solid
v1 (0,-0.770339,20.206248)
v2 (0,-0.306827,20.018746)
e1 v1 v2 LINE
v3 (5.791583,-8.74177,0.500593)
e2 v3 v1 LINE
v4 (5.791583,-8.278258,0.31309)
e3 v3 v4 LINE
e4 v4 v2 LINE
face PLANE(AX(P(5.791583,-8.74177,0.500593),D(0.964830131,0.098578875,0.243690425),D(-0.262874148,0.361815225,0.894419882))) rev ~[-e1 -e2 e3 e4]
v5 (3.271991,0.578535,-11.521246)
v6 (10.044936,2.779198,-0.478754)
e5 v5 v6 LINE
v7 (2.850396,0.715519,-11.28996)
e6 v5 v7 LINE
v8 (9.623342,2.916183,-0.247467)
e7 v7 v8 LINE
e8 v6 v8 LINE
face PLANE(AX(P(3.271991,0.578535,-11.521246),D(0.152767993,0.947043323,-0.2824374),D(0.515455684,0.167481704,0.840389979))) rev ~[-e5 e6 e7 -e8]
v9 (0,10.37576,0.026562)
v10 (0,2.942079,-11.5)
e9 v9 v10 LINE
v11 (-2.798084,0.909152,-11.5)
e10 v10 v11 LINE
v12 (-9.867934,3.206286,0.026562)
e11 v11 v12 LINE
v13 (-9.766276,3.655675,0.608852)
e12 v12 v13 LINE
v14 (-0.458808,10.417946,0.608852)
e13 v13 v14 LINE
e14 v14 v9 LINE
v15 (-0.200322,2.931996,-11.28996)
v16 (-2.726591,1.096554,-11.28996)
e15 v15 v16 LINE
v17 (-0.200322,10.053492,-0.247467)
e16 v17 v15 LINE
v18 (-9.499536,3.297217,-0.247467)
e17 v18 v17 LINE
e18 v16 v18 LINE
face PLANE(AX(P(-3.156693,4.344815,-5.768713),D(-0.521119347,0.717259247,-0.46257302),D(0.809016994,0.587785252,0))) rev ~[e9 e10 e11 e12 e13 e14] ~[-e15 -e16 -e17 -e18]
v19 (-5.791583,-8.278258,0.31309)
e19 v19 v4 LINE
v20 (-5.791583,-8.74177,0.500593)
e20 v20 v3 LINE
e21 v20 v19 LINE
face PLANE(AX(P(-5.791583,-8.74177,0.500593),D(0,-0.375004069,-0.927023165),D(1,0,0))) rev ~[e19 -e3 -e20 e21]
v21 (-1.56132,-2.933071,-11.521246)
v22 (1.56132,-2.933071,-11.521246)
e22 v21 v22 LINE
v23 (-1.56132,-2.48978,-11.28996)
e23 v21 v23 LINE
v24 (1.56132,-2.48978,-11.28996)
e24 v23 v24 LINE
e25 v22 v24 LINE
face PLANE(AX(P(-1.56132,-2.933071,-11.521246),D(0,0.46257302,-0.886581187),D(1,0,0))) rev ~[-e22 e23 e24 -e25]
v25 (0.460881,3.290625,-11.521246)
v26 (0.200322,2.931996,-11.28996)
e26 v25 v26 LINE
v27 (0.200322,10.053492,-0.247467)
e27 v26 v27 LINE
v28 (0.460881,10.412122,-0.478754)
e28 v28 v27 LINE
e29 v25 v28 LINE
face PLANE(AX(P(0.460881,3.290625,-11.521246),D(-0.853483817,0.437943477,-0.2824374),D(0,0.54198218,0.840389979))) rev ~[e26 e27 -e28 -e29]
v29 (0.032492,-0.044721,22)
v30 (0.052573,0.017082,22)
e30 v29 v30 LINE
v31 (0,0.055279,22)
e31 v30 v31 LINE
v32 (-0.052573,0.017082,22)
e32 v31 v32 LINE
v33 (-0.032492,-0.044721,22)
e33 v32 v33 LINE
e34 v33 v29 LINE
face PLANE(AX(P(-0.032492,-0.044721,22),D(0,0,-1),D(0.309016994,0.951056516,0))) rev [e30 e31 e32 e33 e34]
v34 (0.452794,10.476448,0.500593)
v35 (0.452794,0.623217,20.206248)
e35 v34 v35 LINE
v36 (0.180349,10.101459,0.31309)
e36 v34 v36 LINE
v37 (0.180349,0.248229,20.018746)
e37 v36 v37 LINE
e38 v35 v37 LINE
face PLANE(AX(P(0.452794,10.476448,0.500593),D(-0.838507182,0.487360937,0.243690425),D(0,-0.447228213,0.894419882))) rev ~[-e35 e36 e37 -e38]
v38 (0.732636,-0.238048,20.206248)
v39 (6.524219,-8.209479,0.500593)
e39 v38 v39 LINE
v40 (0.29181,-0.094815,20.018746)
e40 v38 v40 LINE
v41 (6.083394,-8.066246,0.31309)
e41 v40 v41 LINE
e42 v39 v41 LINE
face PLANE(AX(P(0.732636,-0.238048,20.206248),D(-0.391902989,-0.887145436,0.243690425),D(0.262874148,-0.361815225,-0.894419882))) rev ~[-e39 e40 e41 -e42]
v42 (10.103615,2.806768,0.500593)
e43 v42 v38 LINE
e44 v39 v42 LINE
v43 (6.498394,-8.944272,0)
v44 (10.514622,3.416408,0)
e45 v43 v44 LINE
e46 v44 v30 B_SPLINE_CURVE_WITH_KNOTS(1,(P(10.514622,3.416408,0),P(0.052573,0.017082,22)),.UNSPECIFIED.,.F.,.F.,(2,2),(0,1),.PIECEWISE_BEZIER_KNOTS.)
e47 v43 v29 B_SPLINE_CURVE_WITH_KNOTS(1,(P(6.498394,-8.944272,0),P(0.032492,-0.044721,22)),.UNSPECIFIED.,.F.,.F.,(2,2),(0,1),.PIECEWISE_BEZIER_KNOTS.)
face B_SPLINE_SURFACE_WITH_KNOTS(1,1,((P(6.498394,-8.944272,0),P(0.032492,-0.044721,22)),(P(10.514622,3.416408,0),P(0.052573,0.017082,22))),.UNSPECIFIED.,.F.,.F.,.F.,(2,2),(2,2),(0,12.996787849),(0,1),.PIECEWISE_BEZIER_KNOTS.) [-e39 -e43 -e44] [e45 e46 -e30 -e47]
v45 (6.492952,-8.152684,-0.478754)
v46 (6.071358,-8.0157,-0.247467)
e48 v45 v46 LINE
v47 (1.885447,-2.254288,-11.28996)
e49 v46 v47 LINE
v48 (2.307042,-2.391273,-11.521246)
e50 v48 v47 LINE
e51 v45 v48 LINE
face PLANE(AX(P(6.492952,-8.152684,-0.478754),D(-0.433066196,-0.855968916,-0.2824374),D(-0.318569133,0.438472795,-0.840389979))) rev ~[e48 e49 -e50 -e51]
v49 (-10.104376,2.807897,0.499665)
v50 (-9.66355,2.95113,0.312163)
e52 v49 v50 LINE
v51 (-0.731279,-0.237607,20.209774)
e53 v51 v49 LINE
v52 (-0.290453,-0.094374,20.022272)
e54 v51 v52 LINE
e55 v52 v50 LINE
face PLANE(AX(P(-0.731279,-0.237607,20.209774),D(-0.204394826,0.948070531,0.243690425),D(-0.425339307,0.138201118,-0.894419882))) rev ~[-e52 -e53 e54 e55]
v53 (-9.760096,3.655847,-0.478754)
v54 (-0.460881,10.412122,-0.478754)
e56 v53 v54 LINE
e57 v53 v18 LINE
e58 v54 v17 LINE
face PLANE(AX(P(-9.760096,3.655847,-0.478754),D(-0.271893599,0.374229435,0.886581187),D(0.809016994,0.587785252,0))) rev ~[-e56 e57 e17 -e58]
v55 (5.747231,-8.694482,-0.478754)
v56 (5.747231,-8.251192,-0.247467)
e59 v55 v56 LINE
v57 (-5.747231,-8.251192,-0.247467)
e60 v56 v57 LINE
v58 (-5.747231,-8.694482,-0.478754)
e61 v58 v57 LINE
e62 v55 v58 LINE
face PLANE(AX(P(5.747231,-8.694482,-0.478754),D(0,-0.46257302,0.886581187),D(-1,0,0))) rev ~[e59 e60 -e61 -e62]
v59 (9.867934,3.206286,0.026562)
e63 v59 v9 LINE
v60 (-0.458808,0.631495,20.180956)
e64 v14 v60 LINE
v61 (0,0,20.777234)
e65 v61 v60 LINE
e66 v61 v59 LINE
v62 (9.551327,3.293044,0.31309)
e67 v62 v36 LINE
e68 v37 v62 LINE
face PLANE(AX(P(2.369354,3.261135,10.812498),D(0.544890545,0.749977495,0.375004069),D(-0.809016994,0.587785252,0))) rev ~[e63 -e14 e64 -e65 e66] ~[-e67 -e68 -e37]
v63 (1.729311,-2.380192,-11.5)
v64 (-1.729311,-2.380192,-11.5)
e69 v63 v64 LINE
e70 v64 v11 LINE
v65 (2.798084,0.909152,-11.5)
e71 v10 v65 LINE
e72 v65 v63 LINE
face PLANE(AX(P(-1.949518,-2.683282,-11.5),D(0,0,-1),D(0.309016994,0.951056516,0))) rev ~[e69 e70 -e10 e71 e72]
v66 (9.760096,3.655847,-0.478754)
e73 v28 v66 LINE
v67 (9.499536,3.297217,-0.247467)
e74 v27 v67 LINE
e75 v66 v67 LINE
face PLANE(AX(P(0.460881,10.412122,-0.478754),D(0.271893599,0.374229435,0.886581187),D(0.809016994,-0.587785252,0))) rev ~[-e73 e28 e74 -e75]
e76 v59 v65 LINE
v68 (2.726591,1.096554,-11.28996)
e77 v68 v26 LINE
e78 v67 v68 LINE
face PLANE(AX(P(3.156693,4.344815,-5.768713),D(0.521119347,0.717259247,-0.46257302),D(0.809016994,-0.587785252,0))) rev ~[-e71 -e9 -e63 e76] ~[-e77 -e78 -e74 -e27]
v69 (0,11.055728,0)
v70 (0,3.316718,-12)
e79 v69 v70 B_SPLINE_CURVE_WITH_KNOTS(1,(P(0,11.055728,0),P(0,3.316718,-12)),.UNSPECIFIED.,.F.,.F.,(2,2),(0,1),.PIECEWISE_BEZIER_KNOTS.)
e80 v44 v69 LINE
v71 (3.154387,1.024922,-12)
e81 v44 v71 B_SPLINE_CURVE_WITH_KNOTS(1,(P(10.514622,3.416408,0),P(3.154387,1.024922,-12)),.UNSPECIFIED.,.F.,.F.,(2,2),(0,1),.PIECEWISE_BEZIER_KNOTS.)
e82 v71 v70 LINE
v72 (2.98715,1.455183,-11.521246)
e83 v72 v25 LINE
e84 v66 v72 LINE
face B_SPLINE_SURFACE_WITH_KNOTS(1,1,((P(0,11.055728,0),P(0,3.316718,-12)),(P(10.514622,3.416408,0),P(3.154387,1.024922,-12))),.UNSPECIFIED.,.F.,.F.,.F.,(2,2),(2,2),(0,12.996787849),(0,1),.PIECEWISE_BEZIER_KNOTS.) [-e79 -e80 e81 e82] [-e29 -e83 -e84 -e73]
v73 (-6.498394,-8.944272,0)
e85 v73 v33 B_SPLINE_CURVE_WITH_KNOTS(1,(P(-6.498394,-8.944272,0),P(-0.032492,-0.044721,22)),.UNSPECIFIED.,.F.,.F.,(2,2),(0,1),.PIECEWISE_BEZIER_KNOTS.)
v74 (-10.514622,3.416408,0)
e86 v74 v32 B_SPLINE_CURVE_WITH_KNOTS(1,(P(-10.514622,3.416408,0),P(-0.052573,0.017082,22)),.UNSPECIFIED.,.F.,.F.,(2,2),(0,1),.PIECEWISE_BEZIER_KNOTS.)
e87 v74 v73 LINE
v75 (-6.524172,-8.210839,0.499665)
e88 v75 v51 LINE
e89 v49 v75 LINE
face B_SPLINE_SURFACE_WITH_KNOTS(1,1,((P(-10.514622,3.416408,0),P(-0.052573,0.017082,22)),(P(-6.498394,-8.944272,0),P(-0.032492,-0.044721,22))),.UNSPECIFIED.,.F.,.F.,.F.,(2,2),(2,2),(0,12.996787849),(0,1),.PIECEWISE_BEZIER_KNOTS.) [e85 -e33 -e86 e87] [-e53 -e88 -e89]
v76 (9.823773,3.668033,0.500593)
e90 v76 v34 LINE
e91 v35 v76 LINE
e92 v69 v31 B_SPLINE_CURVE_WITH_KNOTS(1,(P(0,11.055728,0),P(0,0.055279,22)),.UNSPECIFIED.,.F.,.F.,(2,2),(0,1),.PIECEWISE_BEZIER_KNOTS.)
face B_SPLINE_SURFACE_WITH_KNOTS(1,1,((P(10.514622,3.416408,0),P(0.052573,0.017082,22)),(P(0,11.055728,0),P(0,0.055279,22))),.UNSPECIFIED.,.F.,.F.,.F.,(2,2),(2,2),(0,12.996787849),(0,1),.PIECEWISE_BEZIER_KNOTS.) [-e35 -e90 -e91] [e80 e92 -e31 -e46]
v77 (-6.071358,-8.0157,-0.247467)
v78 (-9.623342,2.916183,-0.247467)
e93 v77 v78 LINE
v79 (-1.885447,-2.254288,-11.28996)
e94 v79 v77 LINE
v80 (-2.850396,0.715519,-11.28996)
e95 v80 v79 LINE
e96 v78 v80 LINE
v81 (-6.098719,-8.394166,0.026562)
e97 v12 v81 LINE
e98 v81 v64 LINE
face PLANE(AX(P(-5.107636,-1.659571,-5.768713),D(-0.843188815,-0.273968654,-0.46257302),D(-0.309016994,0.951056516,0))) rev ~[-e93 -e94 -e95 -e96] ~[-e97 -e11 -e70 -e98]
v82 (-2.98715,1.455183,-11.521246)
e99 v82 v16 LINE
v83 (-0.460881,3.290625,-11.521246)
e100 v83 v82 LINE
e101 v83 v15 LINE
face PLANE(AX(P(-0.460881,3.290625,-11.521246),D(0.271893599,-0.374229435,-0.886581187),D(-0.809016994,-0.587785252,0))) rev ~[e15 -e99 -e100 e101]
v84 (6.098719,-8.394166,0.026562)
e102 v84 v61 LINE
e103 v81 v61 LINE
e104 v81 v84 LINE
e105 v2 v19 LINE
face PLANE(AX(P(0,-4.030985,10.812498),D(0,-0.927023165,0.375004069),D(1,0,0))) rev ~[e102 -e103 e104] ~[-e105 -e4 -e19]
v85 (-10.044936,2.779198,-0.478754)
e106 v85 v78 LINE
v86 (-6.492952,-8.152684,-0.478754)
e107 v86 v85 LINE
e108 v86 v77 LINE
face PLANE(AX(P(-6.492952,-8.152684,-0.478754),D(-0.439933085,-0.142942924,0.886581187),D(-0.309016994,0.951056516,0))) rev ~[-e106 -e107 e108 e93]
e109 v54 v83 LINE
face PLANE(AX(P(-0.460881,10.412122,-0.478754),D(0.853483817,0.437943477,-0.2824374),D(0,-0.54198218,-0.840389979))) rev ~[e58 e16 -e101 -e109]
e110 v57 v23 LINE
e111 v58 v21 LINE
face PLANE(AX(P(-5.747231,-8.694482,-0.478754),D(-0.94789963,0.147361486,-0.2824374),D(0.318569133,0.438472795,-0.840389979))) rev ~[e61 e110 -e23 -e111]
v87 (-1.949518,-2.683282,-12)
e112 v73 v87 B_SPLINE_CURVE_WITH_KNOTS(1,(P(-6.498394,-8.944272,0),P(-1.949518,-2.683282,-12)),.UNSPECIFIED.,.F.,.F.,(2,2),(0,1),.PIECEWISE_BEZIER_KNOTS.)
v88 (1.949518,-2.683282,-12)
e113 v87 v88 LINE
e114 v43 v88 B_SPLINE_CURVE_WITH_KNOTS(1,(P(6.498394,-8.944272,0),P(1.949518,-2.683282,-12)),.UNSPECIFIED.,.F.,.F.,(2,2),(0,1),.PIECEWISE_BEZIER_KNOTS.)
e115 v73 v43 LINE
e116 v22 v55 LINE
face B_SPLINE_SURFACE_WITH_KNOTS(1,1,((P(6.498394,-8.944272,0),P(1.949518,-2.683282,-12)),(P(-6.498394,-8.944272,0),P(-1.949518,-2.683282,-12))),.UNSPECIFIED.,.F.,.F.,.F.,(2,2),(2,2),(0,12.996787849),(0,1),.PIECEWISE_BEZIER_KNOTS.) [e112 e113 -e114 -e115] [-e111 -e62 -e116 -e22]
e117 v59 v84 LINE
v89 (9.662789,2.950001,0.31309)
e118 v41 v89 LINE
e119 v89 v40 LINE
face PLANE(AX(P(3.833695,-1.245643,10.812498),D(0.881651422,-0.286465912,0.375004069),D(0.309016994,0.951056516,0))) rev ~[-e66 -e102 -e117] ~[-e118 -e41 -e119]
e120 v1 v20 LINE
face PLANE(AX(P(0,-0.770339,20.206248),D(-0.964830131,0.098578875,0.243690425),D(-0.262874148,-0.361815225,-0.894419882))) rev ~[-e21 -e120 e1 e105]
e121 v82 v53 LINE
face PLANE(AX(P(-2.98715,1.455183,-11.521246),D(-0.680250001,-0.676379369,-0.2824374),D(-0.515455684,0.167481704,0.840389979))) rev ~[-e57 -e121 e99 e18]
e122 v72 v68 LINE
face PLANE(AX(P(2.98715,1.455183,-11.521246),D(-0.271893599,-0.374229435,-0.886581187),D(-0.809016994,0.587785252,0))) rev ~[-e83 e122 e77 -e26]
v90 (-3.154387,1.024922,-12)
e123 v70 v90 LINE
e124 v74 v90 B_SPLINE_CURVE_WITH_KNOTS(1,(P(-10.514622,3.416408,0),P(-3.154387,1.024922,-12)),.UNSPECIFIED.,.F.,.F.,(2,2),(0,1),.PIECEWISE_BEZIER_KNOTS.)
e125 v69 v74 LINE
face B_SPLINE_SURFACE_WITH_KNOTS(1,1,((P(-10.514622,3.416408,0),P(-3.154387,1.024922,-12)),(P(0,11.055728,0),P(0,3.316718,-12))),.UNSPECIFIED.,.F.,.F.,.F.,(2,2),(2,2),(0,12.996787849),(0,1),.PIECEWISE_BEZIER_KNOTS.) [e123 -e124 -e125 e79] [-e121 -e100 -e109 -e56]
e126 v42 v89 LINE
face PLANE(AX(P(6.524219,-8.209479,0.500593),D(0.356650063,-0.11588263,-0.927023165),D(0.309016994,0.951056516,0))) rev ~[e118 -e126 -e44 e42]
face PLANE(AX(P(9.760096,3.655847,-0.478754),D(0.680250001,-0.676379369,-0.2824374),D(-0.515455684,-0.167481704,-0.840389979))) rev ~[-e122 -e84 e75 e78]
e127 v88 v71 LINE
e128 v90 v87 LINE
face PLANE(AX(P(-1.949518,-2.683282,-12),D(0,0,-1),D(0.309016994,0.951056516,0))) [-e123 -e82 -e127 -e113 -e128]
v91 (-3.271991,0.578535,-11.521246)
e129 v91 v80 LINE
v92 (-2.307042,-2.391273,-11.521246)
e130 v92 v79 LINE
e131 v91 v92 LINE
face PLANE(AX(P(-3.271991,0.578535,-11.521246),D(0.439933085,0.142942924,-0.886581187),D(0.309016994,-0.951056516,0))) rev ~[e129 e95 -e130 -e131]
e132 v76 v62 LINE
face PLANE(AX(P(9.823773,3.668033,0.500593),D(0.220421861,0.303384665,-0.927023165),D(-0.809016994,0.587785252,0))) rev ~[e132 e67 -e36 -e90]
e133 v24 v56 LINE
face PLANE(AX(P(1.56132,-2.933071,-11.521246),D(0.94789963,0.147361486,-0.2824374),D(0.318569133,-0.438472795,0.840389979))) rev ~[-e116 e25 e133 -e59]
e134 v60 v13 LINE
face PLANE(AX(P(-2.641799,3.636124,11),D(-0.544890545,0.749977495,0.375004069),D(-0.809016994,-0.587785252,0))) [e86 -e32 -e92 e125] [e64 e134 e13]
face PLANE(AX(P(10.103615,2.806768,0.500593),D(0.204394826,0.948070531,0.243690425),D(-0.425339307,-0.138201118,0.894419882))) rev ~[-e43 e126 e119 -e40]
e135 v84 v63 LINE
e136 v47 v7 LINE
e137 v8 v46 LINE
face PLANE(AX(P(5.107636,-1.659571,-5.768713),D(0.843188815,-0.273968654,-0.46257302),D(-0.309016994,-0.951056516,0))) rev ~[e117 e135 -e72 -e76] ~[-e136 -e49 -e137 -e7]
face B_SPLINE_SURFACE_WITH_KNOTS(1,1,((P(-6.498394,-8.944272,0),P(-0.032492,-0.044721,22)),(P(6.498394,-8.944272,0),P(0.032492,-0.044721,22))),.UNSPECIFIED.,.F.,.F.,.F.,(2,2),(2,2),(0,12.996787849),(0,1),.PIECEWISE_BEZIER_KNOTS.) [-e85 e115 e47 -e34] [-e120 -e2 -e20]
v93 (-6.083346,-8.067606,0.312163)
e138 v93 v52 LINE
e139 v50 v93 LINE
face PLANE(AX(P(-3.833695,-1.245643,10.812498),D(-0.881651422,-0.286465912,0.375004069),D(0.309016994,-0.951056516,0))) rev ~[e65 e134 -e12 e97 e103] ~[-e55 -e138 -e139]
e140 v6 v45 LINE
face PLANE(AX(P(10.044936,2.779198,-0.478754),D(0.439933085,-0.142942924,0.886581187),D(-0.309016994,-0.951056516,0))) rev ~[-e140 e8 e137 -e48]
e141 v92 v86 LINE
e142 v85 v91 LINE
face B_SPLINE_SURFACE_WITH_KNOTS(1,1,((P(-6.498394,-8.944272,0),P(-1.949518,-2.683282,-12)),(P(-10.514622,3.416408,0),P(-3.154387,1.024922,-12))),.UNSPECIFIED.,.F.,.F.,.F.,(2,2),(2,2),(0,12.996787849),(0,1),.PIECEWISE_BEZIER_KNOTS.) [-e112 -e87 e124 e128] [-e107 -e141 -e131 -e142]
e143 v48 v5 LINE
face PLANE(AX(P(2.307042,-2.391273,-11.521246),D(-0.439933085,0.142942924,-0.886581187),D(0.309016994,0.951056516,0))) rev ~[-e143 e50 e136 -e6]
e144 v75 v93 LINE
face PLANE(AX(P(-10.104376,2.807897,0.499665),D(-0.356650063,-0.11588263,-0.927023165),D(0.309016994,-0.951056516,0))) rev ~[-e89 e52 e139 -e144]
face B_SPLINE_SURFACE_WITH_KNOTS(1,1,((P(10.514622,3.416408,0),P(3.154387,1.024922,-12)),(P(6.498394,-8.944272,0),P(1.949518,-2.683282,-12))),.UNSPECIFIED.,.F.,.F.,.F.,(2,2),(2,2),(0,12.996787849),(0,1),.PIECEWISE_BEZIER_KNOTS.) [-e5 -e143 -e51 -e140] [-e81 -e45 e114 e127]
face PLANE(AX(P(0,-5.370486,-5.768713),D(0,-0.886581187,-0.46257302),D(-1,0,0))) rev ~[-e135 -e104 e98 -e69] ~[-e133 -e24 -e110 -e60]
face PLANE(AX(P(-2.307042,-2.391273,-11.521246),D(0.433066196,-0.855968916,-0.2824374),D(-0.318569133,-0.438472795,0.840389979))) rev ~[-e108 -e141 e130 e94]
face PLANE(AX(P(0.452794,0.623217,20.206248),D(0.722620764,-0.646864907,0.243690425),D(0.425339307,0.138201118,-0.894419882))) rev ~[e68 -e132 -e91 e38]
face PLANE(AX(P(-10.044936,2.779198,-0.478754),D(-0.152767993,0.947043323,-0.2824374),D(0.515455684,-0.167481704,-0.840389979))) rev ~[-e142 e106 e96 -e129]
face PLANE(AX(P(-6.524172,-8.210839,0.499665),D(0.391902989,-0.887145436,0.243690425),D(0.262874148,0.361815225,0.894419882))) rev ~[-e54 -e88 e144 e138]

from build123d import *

# Parameters (mm, degrees)
F7_T      = -0.5
F12_DEPTH = 1
F13_DEPTH = 1
F14_DEPTH = 1
F15_DEPTH = 1
F21_DEPTH = 1
F22_DEPTH = 1
F23_DEPTH = 1
F24_DEPTH = 1
F25_DEPTH = 1


with BuildPart() as f3:
    # F0 (on Top) → F3 section 0
    with BuildSketch(Plane.XY):
        Polygon((-6.4983939247, -8.94427191), (6.4983939247, -8.94427191), (10.5146222424, 3.416407865), (0, 11.05572809), (-10.5146222424, 3.416407865), align=None)
    # F2 (on offset) → F3 section 1
    with BuildSketch(Plane.XY.offset(22)):
        Polygon((-0.0324919696, -0.0447213595), (0.0324919696, -0.0447213595), (0.0525731112, 0.0170820393), (0, 0.0552786405), (-0.0525731112, 0.0170820393), align=None)
    loft()

    # F3_face (on face) → F6 section 0
    with BuildSketch(Plane(origin=(0, 0, 0), x_dir=(1, 0, 0), z_dir=(0, 0, -1))):
        Polygon((6.4983939247, 8.94427191), (-6.4983939247, 8.94427191), (-10.5146222424, -3.416407865), (0, -11.05572809), (10.5146222424, -3.416407865), align=None)
    # F5 (on offset) → F6 section 1
    with BuildSketch(Plane.XY.offset(-12)):
        Polygon((-1.9495181774, -2.683281573), (1.9495181774, -2.683281573), (3.1543866727, 1.0249223595), (0, 3.316718427), (-3.1543866727, 1.0249223595), align=None)
    loft()

    # F7
    f7_openings = [f3.faces().sort_by_distance(p)[0] for p in [
        (-3.504961, 4.824165, 7.369818),
    ]]
    offset(amount=F7_T, openings=f7_openings)

    # F11 (on face) → F12 (cut)
    with BuildSketch(Plane(origin=(4.5179857008, 6.2184738355, 3.1093639582), x_dir=(-0.8385071819, 0.4873609368, 0.2436904249), z_dir=(0.5448905449, 0.7499774946, 0.375004069))):
        Polygon((4.8481299984, 17.7941495307), (-6.3276584478, -1.1927079159), (4.8481299984, -4.237623051), align=None)
    extrude(amount=-F12_DEPTH, mode=Mode.SUBTRACT)

    # F10 (on face) → F13 (cut)
    with BuildSketch(Plane(origin=(7.3102544246, -2.375245647, 3.1093639582), x_dir=(0.2636108968, 0.9580904348, 0.1121249924), z_dir=(0.8816514217, -0.2864659121, 0.375004069))):
        Polygon((2.2306848501, 18.3073801267), (-6.0894386648, -2.0929764337), (5.4086892422, -3.4939797203), align=None)
    extrude(amount=-F13_DEPTH, mode=Mode.SUBTRACT)

    # F8 (on face) → F14 (cut)
    with BuildSketch(Plane(origin=(-7.3102544246, -2.375245647, 3.1093639582), x_dir=(0.2636108968, -0.9580904348, -0.1121249924), z_dir=(-0.8816514217, -0.2864659121, 0.375004069))):
        Polygon((-2.2311449625, 18.3111563002), (-5.4098675893, -3.4951306933), (6.0908589153, -2.0938107774), align=None)
    extrude(amount=-F14_DEPTH, mode=Mode.SUBTRACT)

    # F9 (on face) → F15 (cut)
    with BuildSketch(Plane(origin=(0, -7.686456377, 3.1093639582), x_dir=(1, 0, 0), z_dir=(0, -0.9270231649, 0.375004069))):
        Polygon((0, 18.4427796713), (-5.7915834531, -2.8141383603), (5.7915834531, -2.8141383603), align=None)
    extrude(amount=-F15_DEPTH, mode=Mode.SUBTRACT)

    # F20 (on face) → F21 (cut)
    with BuildSketch(Plane(origin=(6.6863382316, -2.1725229871, -3.6681222707), x_dir=(0.2401975954, 0.9617386219, -0.1317722973), z_dir=(0.843188815, -0.2739686536, -0.4625730203))):
        Polygon((2.8605048602, -8.5273181822), (5.1487184249, 4.4116316912), (-6.2180731217, 2.7032133195), (-0.2274522358, -8.9914353091), align=None)
    extrude(amount=-F21_DEPTH, mode=Mode.SUBTRACT)

    # F16 (on face) → F22 (cut)
    with BuildSketch(Plane(origin=(4.1323842874, 5.6877390216, -3.6681222707), x_dir=(-0.8534838174, 0.4379434765, -0.2824373997), z_dir=(0.5211193466, 0.7172592471, -0.4625730203))):
        Polygon((4.3017839952, -7.8988795342), (4.3017839952, 5.240844403), (-6.5938117294, 1.5790637972), (1.3418342156, -8.893656412), align=None)
    extrude(amount=-F22_DEPTH, mode=Mode.SUBTRACT)

    # F19 (on face) → F23 (cut)
    with BuildSketch(Plane(origin=(0, -7.030432069, -3.6681222707), x_dir=(1, 0, 0), z_dir=(0, -0.8865811868, -0.4625730203))):
        Polygon((1.5613202534, -8.8577605806), (5.7472307114, 3.597378872), (-5.7472307114, 3.597378872), (-1.5613202534, -8.8577605806), align=None)
    extrude(amount=-F23_DEPTH, mode=Mode.SUBTRACT)

    # F18 (on face) → F24 (cut)
    with BuildSketch(Plane(origin=(-6.6863382316, -2.1725229871, -3.6681222707), x_dir=(0.2401975954, -0.9617386219, 0.1317722973), z_dir=(-0.843188815, -0.2739686536, -0.4625730203))):
        Polygon((0.2274522358, -8.9914353091), (6.2180731217, 2.7032133195), (-5.1487184249, 4.4116316912), (-2.8605048602, -8.5273181822), align=None)
    extrude(amount=-F24_DEPTH, mode=Mode.SUBTRACT)

    # F17 (on face) → F25 (cut)
    with BuildSketch(Plane(origin=(-4.1323842874, 5.6877390216, -3.6681222707), x_dir=(-0.8534838174, -0.4379434765, 0.2824373997), z_dir=(-0.5211193466, 0.7172592471, -0.4625730203))):
        Polygon((-1.3418342156, -8.893656412), (6.5938117294, 1.5790637972), (-4.3017839952, 5.240844403), (-4.3017839952, -7.8988795342), align=None)
    extrude(amount=-F25_DEPTH, mode=Mode.SUBTRACT)


solid = f3.part
